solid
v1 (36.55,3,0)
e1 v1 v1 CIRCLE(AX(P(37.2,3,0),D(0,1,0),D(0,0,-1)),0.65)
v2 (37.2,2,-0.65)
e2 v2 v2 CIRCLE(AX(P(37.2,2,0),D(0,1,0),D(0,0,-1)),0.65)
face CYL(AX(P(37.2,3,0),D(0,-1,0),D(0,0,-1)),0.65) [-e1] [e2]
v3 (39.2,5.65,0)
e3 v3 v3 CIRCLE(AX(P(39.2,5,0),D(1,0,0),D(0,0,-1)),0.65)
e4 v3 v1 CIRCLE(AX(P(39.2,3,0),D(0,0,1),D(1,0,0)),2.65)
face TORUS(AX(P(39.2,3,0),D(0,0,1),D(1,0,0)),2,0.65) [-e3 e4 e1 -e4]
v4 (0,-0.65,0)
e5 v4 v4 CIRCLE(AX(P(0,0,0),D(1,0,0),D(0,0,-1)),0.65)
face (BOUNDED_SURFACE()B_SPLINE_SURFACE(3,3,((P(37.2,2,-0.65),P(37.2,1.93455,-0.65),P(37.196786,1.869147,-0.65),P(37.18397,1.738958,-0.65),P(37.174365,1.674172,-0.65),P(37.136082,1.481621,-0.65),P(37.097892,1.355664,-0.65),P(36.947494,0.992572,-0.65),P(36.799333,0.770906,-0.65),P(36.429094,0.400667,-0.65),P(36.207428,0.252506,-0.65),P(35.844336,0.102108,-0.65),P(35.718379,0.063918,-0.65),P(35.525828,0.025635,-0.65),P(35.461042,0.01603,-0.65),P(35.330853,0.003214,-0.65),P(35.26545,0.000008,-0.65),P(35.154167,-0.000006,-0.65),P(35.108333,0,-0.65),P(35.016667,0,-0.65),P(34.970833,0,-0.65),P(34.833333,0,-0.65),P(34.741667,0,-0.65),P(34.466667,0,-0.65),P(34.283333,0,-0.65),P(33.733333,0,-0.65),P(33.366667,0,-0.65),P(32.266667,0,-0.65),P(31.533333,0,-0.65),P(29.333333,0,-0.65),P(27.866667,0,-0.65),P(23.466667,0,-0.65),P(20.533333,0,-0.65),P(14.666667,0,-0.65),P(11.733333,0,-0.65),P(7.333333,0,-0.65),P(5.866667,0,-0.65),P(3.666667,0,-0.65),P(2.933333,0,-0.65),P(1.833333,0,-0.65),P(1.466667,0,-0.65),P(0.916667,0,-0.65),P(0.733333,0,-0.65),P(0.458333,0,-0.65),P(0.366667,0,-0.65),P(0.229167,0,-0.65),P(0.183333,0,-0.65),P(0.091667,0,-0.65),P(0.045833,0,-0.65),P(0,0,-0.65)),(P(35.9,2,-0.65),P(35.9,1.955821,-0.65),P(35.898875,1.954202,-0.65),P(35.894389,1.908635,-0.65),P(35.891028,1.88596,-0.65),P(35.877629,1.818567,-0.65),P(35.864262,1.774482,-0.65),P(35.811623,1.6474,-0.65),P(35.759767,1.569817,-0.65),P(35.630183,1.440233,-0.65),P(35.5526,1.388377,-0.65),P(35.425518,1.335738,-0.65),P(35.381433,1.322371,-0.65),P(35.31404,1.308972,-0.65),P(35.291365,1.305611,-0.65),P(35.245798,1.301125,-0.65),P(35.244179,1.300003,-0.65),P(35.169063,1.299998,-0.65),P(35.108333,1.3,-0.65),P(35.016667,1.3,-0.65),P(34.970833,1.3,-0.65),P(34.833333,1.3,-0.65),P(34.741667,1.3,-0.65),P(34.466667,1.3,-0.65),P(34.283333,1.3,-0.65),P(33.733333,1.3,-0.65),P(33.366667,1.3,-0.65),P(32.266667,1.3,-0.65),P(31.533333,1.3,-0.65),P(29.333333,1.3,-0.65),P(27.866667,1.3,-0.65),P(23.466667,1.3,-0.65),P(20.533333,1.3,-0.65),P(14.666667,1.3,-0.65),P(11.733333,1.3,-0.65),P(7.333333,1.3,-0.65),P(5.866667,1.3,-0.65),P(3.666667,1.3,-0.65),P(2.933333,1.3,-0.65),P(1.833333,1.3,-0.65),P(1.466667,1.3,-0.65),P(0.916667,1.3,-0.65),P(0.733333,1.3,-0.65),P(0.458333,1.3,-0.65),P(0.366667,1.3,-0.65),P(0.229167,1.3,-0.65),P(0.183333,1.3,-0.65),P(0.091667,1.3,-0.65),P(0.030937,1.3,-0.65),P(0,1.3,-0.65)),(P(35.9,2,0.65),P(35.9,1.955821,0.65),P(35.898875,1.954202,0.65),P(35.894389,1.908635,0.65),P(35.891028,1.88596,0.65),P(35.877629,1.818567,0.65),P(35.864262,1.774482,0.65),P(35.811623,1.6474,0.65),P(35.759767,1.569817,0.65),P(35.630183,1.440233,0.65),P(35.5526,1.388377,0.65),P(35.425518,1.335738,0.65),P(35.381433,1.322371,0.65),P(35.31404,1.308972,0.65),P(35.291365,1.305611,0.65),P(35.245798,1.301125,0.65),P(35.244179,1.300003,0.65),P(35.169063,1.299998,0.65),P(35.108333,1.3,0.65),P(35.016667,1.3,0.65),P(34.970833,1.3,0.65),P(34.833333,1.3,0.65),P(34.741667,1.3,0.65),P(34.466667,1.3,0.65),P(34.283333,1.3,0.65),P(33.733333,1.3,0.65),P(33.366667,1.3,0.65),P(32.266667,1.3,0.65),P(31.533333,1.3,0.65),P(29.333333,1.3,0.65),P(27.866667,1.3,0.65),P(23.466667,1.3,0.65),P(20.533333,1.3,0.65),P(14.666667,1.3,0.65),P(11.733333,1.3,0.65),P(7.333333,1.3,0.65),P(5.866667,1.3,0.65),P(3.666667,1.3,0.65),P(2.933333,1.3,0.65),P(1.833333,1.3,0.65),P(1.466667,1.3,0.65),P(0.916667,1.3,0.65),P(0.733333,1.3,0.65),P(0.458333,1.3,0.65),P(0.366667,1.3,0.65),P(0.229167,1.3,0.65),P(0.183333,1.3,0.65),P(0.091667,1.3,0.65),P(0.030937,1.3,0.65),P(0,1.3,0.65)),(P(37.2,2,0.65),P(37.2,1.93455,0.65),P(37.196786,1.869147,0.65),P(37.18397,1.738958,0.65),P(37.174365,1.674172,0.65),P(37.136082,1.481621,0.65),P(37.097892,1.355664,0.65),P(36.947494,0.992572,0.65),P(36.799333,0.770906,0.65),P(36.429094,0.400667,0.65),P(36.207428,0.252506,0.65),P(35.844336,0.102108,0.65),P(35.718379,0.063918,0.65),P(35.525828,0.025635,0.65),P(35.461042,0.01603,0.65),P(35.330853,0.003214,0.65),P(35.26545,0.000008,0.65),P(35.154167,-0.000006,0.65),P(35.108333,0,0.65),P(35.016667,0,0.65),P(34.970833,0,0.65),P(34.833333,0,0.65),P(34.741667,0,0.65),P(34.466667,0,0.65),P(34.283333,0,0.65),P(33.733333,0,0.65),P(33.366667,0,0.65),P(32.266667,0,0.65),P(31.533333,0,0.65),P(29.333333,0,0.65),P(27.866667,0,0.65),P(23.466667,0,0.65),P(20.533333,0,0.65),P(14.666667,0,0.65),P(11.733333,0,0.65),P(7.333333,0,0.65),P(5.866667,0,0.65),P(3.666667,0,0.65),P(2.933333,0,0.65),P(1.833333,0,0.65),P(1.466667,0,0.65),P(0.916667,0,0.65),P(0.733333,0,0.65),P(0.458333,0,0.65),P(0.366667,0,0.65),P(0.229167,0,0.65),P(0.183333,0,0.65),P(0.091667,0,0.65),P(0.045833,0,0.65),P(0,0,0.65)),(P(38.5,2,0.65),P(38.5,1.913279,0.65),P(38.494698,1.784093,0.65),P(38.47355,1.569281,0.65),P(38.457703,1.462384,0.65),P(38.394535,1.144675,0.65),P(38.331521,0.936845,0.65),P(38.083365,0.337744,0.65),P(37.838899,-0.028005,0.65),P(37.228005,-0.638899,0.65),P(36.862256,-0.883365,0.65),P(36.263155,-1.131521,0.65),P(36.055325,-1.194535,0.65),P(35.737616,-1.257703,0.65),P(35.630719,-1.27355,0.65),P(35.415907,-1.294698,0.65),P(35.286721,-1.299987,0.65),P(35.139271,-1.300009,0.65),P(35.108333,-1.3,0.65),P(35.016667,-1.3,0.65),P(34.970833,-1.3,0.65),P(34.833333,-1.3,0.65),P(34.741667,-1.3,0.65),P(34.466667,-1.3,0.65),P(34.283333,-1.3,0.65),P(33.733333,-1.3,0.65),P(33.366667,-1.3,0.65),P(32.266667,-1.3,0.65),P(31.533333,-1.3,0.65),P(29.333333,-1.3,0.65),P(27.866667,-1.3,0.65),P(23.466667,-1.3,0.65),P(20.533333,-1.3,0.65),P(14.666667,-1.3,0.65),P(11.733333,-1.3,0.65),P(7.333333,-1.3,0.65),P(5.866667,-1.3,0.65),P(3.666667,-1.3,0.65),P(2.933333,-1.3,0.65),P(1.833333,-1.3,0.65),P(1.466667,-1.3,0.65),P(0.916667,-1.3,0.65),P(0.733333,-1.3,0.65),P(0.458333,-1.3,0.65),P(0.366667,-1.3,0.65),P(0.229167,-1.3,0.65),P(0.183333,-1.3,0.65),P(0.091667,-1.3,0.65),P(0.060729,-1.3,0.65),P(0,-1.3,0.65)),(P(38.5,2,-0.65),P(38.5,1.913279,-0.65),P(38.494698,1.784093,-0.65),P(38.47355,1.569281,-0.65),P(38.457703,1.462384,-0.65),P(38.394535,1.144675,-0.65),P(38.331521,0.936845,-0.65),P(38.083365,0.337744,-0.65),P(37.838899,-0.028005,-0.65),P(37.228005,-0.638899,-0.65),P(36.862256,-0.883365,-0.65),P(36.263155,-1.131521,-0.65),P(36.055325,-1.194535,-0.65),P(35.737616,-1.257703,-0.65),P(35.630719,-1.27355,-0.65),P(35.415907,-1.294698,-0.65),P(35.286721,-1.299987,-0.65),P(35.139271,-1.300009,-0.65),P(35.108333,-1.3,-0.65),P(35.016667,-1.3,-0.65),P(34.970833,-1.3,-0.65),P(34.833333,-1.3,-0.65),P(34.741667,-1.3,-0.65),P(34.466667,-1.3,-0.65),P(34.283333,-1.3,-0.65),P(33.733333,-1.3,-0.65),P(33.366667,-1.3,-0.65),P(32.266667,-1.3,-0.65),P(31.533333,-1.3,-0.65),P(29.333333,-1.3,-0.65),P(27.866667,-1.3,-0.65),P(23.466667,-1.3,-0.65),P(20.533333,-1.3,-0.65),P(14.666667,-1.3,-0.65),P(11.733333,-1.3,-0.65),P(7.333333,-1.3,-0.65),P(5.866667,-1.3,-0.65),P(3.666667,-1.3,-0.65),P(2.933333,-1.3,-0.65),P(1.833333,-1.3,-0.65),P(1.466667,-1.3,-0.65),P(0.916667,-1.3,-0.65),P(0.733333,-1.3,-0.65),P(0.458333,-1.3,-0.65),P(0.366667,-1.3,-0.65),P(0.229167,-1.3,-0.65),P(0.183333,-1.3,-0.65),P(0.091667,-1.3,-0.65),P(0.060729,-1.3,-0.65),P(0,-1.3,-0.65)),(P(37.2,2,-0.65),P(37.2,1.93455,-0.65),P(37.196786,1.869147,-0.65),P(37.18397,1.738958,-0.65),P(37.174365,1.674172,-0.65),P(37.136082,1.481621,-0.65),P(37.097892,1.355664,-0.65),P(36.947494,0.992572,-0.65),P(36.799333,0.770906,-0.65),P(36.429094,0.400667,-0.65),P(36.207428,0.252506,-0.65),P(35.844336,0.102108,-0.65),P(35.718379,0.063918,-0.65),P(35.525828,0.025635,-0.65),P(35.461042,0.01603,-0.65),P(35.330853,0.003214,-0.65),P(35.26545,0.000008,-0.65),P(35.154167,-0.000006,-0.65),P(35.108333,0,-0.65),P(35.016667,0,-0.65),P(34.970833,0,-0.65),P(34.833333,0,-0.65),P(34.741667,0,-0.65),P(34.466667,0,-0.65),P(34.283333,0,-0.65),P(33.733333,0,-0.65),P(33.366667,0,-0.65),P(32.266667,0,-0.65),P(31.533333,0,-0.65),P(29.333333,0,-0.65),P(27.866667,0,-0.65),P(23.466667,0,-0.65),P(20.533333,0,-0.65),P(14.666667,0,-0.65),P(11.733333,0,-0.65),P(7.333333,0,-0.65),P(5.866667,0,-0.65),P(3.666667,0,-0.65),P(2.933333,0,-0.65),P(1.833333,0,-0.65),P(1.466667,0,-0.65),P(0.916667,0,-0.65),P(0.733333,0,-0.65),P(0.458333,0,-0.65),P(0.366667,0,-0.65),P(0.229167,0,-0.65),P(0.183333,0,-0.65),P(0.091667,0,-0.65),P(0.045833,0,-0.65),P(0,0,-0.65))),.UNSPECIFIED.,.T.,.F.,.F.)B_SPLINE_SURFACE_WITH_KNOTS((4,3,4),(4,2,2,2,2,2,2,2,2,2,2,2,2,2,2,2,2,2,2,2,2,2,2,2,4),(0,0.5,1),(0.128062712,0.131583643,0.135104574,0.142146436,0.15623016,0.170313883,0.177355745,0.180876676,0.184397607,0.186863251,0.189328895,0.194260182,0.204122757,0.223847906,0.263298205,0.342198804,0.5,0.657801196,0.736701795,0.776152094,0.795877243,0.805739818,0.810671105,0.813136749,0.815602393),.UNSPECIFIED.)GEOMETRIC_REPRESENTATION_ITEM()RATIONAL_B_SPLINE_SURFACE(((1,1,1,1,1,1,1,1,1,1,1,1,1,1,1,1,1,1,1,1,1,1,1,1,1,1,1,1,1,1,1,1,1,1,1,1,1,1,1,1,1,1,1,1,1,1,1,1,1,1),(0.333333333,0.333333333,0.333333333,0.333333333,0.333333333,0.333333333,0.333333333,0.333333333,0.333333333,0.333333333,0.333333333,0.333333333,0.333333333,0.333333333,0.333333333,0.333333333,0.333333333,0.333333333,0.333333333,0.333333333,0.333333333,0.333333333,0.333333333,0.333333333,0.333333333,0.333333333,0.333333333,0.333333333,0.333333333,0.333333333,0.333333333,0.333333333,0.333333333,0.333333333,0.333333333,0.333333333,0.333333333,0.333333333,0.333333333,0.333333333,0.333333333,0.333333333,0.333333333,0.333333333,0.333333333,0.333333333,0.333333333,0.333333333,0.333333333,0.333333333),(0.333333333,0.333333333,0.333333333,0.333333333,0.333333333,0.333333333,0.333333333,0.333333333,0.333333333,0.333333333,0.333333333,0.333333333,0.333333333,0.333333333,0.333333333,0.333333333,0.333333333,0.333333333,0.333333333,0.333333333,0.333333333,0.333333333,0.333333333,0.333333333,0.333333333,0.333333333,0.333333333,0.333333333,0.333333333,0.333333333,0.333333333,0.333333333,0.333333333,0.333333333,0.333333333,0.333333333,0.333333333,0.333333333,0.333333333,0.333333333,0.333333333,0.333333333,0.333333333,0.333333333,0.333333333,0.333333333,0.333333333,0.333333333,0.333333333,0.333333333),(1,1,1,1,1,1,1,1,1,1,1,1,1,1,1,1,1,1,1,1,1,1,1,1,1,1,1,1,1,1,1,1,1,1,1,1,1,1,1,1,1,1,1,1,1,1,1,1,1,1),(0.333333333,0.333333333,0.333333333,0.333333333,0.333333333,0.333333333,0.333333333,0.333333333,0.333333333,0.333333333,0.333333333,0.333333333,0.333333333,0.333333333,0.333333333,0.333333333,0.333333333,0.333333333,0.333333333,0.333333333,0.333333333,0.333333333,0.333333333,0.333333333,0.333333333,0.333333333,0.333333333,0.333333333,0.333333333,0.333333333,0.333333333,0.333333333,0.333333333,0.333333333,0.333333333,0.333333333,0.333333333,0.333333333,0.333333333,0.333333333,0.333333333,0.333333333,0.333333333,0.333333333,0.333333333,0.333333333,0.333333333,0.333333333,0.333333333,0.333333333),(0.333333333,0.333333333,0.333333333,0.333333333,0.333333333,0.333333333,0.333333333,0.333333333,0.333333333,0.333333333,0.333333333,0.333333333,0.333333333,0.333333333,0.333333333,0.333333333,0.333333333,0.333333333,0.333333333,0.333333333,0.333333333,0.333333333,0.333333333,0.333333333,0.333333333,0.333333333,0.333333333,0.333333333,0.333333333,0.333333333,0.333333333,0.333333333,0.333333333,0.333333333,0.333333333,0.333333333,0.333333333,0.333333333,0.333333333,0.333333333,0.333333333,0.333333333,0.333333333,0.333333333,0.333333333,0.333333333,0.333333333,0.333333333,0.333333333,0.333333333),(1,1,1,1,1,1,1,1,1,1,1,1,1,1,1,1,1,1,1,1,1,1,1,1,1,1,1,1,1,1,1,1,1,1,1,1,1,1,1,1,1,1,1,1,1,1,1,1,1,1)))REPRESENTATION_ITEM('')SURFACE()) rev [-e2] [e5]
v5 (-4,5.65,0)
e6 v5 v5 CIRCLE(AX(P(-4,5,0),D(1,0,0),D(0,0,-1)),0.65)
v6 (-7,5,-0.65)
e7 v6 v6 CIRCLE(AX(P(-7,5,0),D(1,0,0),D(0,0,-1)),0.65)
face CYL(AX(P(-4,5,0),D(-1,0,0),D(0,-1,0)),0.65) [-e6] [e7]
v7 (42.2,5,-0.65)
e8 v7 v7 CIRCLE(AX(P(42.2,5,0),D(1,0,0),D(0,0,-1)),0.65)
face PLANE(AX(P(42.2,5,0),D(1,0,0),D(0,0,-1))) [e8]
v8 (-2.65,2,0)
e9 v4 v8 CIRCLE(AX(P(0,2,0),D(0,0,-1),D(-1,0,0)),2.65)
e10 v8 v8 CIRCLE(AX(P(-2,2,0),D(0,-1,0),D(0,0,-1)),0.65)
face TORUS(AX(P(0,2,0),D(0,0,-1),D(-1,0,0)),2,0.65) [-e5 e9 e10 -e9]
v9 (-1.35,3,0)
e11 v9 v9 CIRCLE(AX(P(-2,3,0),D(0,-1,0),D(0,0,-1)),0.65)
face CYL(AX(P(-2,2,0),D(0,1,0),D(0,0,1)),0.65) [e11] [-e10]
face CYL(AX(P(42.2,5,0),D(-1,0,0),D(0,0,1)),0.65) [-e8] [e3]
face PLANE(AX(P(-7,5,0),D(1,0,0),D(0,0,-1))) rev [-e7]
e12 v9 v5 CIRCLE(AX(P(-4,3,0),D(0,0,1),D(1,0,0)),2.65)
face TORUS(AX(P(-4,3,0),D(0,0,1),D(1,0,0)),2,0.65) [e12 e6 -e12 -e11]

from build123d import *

# Parameters (mm, degrees)
SKETCH2_R = 0.65


with BuildPart() as part:
    # Sweep1: sweep along a path in Sketch1
    with BuildLine(Plane.XY) as sweep1_path:
        Line((-7, 5), (-4, 5))
        ThreePointArc((-4, 5), (-2.585786438, 4.414213562), (-2, 3))
        Line((-2, 3), (-2, 2))
        ThreePointArc((-2, 2), (-1.414213562, 0.585786438), (0, 0))
        Line((0, 0), (35.2, 0))
        ThreePointArc((35.2, 0), (36.614213562, 0.585786438), (37.2, 2))
        Line((37.2, 2), (37.2, 3))
        ThreePointArc((37.2, 3), (37.785786438, 4.414213562), (39.2, 5))
        Line((39.2, 5), (42.2, 5))
    # Sketch2 → Sweep1 (sweep)
    with BuildSketch(Plane(origin=(35.2, 0, 0), x_dir=(0, 0, -1), z_dir=(1, 0, 0))):
        Circle(SKETCH2_R)
    sweep(path=sweep1_path.line)


solid = part.part
